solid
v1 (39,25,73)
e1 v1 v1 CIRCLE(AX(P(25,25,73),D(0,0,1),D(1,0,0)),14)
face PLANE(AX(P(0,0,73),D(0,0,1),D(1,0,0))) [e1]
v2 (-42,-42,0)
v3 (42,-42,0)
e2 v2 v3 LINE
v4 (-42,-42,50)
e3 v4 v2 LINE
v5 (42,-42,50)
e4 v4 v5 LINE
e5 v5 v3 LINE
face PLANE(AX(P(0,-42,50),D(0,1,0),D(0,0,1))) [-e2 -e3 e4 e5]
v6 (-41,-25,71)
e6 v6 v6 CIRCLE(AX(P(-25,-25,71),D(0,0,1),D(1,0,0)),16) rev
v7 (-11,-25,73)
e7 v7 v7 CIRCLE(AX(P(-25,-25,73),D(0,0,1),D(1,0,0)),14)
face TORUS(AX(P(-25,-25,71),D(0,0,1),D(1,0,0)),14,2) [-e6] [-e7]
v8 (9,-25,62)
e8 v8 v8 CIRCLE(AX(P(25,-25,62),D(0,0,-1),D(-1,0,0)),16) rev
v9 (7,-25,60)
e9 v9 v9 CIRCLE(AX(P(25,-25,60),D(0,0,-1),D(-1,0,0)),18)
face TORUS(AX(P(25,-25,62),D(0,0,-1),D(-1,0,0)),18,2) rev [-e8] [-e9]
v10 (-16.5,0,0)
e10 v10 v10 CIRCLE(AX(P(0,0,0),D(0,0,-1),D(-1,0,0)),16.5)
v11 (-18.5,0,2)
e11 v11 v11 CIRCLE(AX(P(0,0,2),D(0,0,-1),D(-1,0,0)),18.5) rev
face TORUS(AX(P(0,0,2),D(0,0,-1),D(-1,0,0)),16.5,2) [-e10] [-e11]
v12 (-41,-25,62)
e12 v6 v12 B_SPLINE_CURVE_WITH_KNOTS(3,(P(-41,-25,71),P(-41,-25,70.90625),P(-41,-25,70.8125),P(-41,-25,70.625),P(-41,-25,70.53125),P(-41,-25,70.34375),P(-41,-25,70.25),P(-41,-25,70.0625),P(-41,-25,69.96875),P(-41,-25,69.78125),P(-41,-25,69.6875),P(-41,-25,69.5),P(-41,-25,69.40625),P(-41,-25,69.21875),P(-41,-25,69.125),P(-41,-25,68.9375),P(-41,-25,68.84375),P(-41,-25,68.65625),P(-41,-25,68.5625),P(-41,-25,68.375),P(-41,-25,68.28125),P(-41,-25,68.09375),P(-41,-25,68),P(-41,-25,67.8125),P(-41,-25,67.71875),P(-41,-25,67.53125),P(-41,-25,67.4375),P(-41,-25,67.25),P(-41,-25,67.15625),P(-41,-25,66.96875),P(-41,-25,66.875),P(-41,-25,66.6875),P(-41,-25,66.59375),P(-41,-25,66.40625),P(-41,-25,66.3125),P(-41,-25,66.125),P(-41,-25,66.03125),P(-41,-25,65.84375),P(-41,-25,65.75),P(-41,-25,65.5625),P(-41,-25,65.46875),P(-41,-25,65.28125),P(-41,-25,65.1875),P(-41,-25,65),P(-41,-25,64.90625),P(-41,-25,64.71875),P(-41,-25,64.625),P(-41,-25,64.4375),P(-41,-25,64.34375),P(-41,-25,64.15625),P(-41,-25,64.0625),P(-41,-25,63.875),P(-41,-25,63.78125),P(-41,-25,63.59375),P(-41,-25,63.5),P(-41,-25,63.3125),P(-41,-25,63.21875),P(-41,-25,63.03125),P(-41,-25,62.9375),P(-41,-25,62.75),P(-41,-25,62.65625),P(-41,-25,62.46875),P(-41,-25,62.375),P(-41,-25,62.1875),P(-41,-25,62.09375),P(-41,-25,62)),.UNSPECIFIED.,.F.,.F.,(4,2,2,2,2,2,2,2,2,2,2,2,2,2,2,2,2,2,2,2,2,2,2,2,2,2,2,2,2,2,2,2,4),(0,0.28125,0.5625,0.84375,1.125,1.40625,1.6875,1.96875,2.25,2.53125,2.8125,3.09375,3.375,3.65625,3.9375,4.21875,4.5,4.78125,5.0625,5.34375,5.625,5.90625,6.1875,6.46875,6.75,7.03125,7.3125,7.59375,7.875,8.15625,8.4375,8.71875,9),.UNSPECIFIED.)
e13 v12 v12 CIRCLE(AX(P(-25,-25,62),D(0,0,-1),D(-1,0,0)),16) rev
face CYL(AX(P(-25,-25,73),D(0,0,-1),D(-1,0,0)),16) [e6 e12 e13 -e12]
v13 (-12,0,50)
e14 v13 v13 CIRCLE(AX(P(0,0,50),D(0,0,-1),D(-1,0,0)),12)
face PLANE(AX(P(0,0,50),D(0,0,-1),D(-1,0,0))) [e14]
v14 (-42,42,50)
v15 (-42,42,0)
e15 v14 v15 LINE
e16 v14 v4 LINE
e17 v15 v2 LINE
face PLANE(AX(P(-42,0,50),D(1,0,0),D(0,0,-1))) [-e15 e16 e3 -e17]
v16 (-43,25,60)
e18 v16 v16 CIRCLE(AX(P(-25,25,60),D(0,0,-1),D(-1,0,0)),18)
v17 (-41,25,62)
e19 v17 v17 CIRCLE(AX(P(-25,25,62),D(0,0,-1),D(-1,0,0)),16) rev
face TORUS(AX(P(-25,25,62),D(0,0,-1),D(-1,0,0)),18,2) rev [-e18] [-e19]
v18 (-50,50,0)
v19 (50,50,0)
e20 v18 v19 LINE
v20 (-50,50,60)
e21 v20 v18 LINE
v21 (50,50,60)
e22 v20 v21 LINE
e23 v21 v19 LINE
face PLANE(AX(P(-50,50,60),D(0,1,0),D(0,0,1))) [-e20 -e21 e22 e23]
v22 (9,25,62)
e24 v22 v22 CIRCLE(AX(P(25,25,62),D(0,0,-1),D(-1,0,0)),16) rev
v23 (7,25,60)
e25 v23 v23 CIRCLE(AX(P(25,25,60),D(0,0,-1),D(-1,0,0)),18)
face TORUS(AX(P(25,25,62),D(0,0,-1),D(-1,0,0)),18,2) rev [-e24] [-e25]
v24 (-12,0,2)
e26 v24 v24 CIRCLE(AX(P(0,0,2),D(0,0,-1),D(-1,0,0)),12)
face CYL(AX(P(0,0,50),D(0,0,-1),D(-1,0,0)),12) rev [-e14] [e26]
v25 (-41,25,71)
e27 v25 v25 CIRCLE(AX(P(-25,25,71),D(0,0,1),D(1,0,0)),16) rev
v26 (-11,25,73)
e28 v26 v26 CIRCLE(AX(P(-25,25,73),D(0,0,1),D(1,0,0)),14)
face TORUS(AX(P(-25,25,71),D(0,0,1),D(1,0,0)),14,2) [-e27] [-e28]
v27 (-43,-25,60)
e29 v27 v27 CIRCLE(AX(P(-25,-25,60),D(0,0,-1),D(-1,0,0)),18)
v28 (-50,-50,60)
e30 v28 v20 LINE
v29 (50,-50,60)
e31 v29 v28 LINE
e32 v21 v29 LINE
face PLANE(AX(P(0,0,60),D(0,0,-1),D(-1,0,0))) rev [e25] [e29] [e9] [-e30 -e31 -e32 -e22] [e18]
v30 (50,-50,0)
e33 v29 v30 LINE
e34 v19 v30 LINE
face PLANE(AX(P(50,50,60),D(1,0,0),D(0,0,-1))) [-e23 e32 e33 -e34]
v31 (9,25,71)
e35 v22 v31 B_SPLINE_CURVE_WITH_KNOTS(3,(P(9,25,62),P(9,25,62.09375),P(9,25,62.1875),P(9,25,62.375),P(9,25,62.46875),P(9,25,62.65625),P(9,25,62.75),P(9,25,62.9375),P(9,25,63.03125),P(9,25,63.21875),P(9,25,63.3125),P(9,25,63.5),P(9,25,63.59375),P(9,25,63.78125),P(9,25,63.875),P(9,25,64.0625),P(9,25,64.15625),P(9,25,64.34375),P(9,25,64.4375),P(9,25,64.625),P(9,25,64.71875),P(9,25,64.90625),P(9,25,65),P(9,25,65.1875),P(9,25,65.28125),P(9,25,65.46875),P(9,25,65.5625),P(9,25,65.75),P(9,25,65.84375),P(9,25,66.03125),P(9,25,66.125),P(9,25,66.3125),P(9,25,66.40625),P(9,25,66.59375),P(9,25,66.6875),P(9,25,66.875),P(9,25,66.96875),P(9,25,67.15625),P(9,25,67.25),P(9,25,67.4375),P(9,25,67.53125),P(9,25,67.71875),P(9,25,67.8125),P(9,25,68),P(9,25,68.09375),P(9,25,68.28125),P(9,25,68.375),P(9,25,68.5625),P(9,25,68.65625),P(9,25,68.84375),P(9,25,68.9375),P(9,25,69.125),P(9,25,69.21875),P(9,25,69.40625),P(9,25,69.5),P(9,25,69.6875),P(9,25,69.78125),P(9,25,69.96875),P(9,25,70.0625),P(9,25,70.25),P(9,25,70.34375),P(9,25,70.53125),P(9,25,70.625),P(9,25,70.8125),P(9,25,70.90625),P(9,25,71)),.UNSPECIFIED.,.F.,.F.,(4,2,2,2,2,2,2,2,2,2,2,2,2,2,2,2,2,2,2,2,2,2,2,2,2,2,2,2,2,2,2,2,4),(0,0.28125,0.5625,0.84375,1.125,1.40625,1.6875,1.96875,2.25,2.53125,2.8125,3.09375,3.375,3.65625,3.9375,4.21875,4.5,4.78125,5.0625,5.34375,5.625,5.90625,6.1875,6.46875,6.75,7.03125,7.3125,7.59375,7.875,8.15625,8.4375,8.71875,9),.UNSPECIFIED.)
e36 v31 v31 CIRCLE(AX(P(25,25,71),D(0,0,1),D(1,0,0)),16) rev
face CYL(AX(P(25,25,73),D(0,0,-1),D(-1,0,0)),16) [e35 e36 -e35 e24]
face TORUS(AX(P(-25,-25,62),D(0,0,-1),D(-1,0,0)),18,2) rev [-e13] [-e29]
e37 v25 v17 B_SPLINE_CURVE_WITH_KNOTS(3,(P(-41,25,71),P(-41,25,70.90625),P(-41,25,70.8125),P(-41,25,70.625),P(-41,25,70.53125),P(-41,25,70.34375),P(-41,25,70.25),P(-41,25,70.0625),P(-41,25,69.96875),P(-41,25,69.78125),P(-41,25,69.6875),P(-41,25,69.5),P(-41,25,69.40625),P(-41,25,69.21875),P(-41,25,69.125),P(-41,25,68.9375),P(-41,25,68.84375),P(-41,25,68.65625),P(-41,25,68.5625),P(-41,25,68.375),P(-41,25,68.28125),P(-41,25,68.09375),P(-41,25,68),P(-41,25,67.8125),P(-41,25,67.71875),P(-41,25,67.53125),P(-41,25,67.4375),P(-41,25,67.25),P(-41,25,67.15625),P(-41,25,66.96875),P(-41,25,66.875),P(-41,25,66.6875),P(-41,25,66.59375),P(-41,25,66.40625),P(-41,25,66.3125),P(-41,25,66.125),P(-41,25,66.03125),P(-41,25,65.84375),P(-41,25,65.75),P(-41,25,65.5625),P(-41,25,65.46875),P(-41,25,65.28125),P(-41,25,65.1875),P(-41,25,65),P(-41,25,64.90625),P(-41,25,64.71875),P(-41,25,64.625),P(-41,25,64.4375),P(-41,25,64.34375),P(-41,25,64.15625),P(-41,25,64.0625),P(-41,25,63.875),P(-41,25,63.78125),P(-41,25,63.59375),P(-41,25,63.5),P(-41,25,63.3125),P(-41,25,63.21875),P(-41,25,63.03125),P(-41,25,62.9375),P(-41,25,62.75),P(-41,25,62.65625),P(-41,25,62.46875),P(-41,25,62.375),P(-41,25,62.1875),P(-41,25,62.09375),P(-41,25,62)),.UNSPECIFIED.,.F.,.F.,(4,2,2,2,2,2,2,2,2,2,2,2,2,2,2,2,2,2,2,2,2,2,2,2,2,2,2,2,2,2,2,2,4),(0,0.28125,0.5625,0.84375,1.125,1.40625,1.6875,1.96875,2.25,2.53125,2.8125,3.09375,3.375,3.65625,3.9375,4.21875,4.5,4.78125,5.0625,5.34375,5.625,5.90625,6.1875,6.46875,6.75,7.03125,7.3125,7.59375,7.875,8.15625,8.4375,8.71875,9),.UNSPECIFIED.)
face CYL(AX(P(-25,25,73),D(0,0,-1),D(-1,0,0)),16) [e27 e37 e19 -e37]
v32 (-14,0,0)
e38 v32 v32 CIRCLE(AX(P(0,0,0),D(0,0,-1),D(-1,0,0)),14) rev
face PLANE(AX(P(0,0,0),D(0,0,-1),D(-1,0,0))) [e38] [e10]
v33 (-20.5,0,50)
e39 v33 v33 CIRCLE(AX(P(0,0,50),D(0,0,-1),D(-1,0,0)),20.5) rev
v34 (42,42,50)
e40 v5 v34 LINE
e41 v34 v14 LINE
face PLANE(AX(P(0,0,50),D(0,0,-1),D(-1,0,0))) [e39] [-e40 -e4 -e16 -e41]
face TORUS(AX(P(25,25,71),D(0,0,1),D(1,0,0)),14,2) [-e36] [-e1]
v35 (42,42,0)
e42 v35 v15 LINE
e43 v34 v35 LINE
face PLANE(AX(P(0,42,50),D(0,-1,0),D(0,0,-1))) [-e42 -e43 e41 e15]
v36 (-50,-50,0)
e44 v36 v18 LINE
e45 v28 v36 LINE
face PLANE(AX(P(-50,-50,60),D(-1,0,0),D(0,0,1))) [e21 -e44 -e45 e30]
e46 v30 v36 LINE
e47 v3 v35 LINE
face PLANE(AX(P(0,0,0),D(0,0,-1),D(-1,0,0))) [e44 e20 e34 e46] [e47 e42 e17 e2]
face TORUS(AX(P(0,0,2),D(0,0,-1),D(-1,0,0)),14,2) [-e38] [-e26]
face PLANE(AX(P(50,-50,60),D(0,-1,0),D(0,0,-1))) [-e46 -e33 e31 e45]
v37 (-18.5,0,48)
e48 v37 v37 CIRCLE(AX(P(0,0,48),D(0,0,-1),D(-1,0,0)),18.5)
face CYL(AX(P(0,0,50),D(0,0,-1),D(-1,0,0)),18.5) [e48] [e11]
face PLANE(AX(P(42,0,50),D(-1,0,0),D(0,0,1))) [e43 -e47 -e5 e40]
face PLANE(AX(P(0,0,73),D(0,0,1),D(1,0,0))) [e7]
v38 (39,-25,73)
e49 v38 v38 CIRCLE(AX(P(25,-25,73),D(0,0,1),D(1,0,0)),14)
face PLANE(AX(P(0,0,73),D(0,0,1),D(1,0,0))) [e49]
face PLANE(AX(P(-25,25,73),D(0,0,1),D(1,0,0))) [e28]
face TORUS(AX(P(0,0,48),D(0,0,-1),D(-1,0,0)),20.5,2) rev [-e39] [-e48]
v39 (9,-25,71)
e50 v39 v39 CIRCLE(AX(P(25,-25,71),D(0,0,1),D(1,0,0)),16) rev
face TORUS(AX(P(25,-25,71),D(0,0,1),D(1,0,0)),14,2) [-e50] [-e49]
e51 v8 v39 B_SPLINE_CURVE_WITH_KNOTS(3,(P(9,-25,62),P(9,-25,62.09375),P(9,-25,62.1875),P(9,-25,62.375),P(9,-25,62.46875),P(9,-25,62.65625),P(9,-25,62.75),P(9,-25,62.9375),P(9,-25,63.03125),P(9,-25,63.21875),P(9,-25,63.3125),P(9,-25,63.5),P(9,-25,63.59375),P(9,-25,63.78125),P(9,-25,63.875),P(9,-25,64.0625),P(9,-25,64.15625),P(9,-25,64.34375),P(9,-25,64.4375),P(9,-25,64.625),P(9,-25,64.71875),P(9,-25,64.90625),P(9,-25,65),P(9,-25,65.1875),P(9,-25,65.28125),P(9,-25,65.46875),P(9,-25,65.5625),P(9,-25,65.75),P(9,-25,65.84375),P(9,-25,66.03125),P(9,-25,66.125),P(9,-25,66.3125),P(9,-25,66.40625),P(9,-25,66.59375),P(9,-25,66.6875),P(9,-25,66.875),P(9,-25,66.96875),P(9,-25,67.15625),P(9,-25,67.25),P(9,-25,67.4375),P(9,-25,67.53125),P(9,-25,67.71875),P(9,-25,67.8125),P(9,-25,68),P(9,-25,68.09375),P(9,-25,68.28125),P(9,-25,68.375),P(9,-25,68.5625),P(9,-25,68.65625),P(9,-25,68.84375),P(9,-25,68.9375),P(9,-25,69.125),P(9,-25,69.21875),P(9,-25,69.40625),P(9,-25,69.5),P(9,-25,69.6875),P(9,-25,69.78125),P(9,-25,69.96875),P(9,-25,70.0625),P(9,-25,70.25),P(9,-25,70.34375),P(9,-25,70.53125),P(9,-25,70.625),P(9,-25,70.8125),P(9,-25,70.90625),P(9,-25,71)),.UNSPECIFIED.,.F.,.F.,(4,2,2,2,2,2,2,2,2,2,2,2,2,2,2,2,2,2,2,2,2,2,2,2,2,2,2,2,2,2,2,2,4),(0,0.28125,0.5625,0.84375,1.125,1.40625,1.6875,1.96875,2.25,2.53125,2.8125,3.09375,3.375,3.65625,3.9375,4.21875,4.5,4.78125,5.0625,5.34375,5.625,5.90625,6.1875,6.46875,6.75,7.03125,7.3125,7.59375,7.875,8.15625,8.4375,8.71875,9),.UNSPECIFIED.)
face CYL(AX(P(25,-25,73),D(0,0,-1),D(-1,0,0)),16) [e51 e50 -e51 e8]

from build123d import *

# Parameters (mm, degrees)
ESQUISSE1_W             = 100
ESQUISSE1_H             = 100
BOSS_EXTRU_2_DEPTH      = 60
ESQUISSE2_R             = 16
BOSS_EXTRU_3_DEPTH      = 13
ESQUISSE3_W             = 84
ESQUISSE3_H             = 84
ESQUISSE3_R             = 18.5
ESQUISSE3_R_2           = 12
ENL_V_MAT_EXTRU_1_DEPTH = 50
CONG_1_R                = 2
CONG_2_R                = 2


with BuildPart() as part:
    # Esquisse1 → Boss.-Extru.2 (new body)
    with BuildSketch(Plane.XY):
        Rectangle(ESQUISSE1_W, ESQUISSE1_H)
    extrude(amount=BOSS_EXTRU_2_DEPTH)

    # Esquisse2 → Boss.-Extru.3 (add)
    with BuildSketch(Plane.XY.offset(60)):
        with Locations(Location((25, 25, 0), (0, 0, 180))):
            Circle(ESQUISSE2_R)
        with Locations(Location((-25, -25, 0), (0, 0, 180))):
            Circle(ESQUISSE2_R)
        with Locations(Location((25, -25, 0), (0, 0, 180))):
            Circle(ESQUISSE2_R)
        with Locations(Location((-25, 25, 0), (0, 0, 180))):
            Circle(ESQUISSE2_R)
    extrude(amount=BOSS_EXTRU_3_DEPTH)

    # Esquisse3 → Enlèv. mat.-Extru.1 (cut)
    # profile 1 of 2: a face of its own
    with BuildSketch(Plane(origin=(0, 0, 0), x_dir=(-1, 0, 0), z_dir=(0, 0, -1))):
        Rectangle(ESQUISSE3_W, ESQUISSE3_H)
        Circle(ESQUISSE3_R, mode=Mode.SUBTRACT)
    # profile 2 of 2: a face of its own
    with BuildSketch(Plane(origin=(0, 0, 0), x_dir=(-1, 0, 0), z_dir=(0, 0, -1))):
        Circle(ESQUISSE3_R_2)
    extrude(amount=-ENL_V_MAT_EXTRU_1_DEPTH, mode=Mode.SUBTRACT)

    # Congé1
    cong_1_edges = [part.edges().sort_by_distance(p)[0] for p in [
        (41, 25, 60),
        (41, 25, 73),
        (-9, -25, 60),
        (-9, -25, 73),
        (41, -25, 60),
        (41, -25, 73),
        (-9, 25, 60),
        (-9, 25, 73),
    ]]
    fillet(cong_1_edges, radius=CONG_1_R)

    # Congé2
    cong_2_edges = [part.edges().sort_by_distance(p)[0] for p in [
        (12, 0, 0),
        (18.5, 0, 0),
        (18.5, 0, 50),
    ]]
    fillet(cong_2_edges, radius=CONG_2_R)


solid = part.part
